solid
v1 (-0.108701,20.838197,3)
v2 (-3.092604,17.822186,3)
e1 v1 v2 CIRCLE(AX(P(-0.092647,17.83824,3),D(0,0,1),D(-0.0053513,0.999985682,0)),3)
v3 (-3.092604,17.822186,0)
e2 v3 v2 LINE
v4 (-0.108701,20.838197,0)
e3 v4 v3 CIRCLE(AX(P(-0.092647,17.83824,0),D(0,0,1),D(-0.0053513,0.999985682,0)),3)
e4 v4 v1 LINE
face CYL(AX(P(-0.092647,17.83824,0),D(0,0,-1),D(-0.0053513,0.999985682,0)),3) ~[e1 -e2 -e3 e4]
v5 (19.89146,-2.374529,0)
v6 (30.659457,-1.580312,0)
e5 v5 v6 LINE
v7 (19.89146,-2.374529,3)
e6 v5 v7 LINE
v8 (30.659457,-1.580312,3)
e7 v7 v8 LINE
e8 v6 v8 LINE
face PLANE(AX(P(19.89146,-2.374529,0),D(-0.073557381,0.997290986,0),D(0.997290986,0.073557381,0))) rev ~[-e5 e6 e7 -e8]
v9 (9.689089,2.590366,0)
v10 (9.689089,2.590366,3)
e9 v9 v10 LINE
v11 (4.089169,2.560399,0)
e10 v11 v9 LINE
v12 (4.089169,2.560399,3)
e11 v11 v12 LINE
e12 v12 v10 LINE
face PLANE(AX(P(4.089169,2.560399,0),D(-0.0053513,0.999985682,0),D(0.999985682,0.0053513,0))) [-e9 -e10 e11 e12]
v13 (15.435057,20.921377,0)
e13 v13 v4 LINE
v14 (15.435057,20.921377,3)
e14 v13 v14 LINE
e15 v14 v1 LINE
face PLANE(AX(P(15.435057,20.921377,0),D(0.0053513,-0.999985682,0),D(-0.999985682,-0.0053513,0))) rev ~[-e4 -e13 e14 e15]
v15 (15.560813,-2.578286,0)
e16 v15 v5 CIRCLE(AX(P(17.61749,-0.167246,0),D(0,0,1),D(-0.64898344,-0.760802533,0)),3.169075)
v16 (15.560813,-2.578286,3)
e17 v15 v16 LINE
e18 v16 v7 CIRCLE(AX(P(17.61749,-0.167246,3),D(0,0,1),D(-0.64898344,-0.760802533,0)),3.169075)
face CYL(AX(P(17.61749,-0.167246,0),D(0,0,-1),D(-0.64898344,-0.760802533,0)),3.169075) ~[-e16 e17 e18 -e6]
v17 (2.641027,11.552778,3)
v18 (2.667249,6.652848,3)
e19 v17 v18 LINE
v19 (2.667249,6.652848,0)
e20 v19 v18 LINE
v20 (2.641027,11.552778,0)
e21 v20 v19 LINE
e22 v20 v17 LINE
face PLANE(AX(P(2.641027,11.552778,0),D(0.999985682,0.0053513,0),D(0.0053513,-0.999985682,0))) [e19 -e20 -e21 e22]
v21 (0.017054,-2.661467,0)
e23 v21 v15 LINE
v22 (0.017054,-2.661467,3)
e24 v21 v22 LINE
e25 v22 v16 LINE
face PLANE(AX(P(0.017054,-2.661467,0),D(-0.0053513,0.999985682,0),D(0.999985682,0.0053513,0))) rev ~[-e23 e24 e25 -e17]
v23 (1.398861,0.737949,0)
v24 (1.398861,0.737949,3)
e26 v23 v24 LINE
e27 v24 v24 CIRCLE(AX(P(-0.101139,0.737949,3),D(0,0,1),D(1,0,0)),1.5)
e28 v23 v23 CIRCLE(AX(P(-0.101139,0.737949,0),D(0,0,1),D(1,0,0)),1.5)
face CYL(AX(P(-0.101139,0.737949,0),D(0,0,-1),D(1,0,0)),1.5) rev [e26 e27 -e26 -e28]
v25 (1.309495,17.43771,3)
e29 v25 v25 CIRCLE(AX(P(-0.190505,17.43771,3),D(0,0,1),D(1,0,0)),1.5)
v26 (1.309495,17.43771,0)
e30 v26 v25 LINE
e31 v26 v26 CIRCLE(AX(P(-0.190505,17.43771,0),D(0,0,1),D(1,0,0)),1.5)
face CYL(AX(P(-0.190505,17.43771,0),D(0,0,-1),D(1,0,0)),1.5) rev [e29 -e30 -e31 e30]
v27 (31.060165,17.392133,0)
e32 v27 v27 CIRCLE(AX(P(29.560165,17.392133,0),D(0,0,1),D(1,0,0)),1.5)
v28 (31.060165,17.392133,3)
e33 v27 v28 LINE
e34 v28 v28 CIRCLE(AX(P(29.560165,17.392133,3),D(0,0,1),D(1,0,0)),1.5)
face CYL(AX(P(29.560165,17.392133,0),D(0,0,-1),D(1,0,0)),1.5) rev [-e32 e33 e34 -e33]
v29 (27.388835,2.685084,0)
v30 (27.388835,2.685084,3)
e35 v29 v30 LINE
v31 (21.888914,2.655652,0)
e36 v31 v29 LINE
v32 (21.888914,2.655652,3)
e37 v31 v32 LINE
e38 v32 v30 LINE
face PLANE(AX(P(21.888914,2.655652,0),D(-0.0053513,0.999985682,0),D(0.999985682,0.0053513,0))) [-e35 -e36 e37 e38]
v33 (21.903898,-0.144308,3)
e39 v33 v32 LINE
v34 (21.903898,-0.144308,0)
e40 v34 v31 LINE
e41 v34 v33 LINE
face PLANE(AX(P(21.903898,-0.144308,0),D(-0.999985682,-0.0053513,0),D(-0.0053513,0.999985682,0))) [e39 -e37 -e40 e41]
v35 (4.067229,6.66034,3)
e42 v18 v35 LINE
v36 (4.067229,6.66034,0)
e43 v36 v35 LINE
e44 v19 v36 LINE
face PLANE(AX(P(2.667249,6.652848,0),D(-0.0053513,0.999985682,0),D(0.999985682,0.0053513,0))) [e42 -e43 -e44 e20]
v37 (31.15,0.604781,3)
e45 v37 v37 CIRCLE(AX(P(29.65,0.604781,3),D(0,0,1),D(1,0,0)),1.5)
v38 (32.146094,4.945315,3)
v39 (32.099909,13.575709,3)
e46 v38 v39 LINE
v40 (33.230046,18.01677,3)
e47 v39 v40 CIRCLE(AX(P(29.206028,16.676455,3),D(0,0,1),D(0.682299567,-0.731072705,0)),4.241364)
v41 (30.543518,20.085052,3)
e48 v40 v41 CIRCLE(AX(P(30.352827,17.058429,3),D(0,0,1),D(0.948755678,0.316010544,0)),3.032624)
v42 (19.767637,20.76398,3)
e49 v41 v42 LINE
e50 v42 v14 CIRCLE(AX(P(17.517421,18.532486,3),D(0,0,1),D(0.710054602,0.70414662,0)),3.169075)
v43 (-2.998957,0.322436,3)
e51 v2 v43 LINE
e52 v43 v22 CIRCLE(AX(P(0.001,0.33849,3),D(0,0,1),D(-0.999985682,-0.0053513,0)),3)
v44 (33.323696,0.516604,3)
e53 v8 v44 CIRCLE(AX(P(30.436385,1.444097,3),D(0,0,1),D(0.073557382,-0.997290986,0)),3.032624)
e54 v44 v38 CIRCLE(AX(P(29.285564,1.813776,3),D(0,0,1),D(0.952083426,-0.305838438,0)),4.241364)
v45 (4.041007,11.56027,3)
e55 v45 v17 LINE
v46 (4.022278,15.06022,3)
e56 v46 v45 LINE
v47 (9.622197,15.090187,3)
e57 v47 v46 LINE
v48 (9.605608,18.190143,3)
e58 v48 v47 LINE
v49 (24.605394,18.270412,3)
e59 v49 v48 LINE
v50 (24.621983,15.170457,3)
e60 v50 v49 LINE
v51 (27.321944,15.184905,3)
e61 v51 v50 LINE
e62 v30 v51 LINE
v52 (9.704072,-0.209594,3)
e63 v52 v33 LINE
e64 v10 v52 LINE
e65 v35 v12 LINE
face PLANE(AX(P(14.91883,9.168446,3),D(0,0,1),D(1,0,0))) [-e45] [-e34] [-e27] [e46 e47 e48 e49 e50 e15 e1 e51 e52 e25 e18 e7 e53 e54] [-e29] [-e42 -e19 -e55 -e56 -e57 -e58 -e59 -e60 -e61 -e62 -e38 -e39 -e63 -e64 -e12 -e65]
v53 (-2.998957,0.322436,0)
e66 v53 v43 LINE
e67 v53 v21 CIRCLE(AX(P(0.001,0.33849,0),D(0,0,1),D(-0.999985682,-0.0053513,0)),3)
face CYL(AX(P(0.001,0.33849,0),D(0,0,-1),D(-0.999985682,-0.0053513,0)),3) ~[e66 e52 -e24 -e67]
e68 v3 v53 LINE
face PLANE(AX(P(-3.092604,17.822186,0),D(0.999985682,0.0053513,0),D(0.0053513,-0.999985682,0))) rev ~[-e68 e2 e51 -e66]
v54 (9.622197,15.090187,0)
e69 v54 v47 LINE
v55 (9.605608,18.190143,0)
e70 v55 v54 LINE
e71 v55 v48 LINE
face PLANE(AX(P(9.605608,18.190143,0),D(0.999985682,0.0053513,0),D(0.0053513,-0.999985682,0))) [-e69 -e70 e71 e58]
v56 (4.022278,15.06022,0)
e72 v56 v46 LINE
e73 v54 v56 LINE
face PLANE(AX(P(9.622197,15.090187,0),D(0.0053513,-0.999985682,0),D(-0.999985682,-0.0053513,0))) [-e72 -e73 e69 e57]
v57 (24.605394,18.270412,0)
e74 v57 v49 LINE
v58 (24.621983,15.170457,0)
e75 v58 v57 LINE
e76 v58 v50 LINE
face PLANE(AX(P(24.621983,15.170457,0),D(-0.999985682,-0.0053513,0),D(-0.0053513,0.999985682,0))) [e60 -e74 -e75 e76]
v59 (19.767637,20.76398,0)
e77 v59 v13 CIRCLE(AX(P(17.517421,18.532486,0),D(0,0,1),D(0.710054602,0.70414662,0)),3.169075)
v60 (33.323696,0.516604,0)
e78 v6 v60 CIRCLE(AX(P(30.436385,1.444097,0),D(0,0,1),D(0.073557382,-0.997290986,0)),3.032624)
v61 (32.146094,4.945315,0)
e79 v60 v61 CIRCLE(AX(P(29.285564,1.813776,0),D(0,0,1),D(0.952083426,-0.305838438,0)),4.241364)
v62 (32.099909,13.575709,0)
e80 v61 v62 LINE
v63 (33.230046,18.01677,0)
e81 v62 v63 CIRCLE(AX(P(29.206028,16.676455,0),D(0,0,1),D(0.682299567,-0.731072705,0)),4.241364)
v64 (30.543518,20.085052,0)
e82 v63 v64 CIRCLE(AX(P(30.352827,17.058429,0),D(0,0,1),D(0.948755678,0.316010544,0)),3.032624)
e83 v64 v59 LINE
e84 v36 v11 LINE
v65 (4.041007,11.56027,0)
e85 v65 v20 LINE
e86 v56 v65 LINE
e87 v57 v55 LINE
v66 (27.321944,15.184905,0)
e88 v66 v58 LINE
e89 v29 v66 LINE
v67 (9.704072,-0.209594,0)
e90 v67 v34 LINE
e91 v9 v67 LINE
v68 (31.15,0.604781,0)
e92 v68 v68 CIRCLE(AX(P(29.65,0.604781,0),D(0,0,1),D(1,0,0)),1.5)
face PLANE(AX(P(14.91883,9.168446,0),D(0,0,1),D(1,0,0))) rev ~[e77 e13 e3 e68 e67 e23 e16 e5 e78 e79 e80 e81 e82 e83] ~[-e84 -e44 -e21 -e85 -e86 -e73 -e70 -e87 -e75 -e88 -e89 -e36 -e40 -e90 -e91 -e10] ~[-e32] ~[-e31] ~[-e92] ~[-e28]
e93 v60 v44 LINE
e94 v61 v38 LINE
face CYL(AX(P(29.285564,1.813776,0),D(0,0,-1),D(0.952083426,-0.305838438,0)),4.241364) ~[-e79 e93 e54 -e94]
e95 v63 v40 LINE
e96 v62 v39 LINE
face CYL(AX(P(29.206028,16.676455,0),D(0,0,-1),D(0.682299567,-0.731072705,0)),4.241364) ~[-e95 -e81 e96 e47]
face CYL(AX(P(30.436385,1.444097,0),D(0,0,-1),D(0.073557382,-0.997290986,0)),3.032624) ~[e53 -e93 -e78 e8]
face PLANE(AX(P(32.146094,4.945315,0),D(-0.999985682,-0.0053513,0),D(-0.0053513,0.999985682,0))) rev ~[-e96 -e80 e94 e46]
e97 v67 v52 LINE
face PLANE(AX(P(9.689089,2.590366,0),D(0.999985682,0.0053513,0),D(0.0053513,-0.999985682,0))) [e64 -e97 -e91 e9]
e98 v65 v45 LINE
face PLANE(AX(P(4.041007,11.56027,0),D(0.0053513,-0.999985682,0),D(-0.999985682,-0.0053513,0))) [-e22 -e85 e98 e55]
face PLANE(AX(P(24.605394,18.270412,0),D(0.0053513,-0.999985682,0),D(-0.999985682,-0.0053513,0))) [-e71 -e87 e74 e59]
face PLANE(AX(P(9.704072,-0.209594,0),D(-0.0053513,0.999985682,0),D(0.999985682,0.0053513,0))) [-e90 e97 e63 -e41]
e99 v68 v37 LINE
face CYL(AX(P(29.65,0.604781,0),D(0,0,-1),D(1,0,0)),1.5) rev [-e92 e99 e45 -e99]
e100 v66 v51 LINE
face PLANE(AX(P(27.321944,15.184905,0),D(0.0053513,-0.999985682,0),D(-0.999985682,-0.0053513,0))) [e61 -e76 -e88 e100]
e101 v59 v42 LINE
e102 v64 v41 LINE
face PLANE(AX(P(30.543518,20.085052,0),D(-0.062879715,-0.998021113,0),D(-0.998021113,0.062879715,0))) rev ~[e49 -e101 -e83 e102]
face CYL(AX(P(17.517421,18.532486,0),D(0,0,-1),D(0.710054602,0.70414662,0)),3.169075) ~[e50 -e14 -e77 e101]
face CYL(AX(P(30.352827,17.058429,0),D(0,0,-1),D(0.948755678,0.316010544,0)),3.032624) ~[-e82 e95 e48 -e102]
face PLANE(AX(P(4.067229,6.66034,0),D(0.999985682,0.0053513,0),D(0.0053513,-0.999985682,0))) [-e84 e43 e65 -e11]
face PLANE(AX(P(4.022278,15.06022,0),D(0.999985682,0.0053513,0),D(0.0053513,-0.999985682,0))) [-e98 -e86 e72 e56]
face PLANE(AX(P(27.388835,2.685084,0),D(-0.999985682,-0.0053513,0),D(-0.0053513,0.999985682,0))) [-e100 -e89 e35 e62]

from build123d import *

# Parameters (mm, degrees)
SKETCH1_R           = 1.5
BOSS_EXTRUDE1_DEPTH = 3


with BuildPart() as part:
    # Sketch1 → Boss-Extrude1 (new body)
    with BuildSketch(Plane.XY):
        with BuildLine():
            Line((15.435057436, 20.921377099), (-0.10870117, 20.838196592))
            ThreePointArc((-0.10870117, 20.838196592), (-2.225289061, 19.948177695), (-3.092604315, 17.822185647))
            Line((-3.092604315, 17.822185647), (-2.998956565, 0.322436217))
            ThreePointArc((-2.998956565, 0.322436217), (-2.108937668, -1.794151674), (0.01705438, -2.661466928))
            Line((0.01705438, -2.661466928), (15.560812986, -2.578286421))
            ThreePointArc((15.560812986, -2.578286421), (17.766430895, -3.332819275), (19.891460268, -2.374528948))
            Line((19.891460268, -2.374528948), (30.659457178, -1.580311749))
            ThreePointArc((30.659457178, -1.580311749), (32.311987692, -0.938952483), (33.323696389, 0.516603879))
            ThreePointArc((33.323696389, 0.516603879), (33.38449749, 2.903690209), (32.146093551, 4.945315446))
            Line((32.146093551, 4.945315446), (32.099909063, 13.575709212))
            ThreePointArc((32.099909063, 13.575709212), (33.31639169, 15.630471471), (33.230046407, 18.016770366))
            ThreePointArc((33.230046407, 18.016770366), (32.202817639, 19.461415605), (30.543517656, 20.085052019))
            Line((30.543517656, 20.085052019), (19.767637393, 20.763979817))
            ThreePointArc((19.767637393, 20.763979817), (17.632473675, 21.699472247), (15.435057436, 20.921377099))
        make_face()
        with Locations((29.560164558, 17.392133017)):
            Circle(SKETCH1_R, mode=Mode.SUBTRACT)
        with Locations((29.65, 0.604781235)):
            Circle(SKETCH1_R, mode=Mode.SUBTRACT)
        with Locations((-0.101138608, 0.73794926)):
            Circle(SKETCH1_R, mode=Mode.SUBTRACT)
        with Locations((-0.190505318, 17.437710144)):
            Circle(SKETCH1_R, mode=Mode.SUBTRACT)
        Polygon((2.641027261, 11.552778262), (2.667248631, 6.652848422), (4.067228585, 6.660340242), (4.089168915, 2.560398947), (9.689088733, 2.590366227), (9.704072373, -0.209593682), (21.903897689, -0.144307821), (21.888914049, 2.655652087), (27.388835298, 2.685084237), (27.321944048, 15.184905259), (24.621982708, 15.170456748), (24.605393678, 18.270412362), (9.605608452, 18.190142862), (9.622197482, 15.090187248), (4.022277665, 15.060219968), (4.041007215, 11.560270082), align=None, mode=Mode.SUBTRACT)
    extrude(amount=BOSS_EXTRUDE1_DEPTH)


solid = part.part
